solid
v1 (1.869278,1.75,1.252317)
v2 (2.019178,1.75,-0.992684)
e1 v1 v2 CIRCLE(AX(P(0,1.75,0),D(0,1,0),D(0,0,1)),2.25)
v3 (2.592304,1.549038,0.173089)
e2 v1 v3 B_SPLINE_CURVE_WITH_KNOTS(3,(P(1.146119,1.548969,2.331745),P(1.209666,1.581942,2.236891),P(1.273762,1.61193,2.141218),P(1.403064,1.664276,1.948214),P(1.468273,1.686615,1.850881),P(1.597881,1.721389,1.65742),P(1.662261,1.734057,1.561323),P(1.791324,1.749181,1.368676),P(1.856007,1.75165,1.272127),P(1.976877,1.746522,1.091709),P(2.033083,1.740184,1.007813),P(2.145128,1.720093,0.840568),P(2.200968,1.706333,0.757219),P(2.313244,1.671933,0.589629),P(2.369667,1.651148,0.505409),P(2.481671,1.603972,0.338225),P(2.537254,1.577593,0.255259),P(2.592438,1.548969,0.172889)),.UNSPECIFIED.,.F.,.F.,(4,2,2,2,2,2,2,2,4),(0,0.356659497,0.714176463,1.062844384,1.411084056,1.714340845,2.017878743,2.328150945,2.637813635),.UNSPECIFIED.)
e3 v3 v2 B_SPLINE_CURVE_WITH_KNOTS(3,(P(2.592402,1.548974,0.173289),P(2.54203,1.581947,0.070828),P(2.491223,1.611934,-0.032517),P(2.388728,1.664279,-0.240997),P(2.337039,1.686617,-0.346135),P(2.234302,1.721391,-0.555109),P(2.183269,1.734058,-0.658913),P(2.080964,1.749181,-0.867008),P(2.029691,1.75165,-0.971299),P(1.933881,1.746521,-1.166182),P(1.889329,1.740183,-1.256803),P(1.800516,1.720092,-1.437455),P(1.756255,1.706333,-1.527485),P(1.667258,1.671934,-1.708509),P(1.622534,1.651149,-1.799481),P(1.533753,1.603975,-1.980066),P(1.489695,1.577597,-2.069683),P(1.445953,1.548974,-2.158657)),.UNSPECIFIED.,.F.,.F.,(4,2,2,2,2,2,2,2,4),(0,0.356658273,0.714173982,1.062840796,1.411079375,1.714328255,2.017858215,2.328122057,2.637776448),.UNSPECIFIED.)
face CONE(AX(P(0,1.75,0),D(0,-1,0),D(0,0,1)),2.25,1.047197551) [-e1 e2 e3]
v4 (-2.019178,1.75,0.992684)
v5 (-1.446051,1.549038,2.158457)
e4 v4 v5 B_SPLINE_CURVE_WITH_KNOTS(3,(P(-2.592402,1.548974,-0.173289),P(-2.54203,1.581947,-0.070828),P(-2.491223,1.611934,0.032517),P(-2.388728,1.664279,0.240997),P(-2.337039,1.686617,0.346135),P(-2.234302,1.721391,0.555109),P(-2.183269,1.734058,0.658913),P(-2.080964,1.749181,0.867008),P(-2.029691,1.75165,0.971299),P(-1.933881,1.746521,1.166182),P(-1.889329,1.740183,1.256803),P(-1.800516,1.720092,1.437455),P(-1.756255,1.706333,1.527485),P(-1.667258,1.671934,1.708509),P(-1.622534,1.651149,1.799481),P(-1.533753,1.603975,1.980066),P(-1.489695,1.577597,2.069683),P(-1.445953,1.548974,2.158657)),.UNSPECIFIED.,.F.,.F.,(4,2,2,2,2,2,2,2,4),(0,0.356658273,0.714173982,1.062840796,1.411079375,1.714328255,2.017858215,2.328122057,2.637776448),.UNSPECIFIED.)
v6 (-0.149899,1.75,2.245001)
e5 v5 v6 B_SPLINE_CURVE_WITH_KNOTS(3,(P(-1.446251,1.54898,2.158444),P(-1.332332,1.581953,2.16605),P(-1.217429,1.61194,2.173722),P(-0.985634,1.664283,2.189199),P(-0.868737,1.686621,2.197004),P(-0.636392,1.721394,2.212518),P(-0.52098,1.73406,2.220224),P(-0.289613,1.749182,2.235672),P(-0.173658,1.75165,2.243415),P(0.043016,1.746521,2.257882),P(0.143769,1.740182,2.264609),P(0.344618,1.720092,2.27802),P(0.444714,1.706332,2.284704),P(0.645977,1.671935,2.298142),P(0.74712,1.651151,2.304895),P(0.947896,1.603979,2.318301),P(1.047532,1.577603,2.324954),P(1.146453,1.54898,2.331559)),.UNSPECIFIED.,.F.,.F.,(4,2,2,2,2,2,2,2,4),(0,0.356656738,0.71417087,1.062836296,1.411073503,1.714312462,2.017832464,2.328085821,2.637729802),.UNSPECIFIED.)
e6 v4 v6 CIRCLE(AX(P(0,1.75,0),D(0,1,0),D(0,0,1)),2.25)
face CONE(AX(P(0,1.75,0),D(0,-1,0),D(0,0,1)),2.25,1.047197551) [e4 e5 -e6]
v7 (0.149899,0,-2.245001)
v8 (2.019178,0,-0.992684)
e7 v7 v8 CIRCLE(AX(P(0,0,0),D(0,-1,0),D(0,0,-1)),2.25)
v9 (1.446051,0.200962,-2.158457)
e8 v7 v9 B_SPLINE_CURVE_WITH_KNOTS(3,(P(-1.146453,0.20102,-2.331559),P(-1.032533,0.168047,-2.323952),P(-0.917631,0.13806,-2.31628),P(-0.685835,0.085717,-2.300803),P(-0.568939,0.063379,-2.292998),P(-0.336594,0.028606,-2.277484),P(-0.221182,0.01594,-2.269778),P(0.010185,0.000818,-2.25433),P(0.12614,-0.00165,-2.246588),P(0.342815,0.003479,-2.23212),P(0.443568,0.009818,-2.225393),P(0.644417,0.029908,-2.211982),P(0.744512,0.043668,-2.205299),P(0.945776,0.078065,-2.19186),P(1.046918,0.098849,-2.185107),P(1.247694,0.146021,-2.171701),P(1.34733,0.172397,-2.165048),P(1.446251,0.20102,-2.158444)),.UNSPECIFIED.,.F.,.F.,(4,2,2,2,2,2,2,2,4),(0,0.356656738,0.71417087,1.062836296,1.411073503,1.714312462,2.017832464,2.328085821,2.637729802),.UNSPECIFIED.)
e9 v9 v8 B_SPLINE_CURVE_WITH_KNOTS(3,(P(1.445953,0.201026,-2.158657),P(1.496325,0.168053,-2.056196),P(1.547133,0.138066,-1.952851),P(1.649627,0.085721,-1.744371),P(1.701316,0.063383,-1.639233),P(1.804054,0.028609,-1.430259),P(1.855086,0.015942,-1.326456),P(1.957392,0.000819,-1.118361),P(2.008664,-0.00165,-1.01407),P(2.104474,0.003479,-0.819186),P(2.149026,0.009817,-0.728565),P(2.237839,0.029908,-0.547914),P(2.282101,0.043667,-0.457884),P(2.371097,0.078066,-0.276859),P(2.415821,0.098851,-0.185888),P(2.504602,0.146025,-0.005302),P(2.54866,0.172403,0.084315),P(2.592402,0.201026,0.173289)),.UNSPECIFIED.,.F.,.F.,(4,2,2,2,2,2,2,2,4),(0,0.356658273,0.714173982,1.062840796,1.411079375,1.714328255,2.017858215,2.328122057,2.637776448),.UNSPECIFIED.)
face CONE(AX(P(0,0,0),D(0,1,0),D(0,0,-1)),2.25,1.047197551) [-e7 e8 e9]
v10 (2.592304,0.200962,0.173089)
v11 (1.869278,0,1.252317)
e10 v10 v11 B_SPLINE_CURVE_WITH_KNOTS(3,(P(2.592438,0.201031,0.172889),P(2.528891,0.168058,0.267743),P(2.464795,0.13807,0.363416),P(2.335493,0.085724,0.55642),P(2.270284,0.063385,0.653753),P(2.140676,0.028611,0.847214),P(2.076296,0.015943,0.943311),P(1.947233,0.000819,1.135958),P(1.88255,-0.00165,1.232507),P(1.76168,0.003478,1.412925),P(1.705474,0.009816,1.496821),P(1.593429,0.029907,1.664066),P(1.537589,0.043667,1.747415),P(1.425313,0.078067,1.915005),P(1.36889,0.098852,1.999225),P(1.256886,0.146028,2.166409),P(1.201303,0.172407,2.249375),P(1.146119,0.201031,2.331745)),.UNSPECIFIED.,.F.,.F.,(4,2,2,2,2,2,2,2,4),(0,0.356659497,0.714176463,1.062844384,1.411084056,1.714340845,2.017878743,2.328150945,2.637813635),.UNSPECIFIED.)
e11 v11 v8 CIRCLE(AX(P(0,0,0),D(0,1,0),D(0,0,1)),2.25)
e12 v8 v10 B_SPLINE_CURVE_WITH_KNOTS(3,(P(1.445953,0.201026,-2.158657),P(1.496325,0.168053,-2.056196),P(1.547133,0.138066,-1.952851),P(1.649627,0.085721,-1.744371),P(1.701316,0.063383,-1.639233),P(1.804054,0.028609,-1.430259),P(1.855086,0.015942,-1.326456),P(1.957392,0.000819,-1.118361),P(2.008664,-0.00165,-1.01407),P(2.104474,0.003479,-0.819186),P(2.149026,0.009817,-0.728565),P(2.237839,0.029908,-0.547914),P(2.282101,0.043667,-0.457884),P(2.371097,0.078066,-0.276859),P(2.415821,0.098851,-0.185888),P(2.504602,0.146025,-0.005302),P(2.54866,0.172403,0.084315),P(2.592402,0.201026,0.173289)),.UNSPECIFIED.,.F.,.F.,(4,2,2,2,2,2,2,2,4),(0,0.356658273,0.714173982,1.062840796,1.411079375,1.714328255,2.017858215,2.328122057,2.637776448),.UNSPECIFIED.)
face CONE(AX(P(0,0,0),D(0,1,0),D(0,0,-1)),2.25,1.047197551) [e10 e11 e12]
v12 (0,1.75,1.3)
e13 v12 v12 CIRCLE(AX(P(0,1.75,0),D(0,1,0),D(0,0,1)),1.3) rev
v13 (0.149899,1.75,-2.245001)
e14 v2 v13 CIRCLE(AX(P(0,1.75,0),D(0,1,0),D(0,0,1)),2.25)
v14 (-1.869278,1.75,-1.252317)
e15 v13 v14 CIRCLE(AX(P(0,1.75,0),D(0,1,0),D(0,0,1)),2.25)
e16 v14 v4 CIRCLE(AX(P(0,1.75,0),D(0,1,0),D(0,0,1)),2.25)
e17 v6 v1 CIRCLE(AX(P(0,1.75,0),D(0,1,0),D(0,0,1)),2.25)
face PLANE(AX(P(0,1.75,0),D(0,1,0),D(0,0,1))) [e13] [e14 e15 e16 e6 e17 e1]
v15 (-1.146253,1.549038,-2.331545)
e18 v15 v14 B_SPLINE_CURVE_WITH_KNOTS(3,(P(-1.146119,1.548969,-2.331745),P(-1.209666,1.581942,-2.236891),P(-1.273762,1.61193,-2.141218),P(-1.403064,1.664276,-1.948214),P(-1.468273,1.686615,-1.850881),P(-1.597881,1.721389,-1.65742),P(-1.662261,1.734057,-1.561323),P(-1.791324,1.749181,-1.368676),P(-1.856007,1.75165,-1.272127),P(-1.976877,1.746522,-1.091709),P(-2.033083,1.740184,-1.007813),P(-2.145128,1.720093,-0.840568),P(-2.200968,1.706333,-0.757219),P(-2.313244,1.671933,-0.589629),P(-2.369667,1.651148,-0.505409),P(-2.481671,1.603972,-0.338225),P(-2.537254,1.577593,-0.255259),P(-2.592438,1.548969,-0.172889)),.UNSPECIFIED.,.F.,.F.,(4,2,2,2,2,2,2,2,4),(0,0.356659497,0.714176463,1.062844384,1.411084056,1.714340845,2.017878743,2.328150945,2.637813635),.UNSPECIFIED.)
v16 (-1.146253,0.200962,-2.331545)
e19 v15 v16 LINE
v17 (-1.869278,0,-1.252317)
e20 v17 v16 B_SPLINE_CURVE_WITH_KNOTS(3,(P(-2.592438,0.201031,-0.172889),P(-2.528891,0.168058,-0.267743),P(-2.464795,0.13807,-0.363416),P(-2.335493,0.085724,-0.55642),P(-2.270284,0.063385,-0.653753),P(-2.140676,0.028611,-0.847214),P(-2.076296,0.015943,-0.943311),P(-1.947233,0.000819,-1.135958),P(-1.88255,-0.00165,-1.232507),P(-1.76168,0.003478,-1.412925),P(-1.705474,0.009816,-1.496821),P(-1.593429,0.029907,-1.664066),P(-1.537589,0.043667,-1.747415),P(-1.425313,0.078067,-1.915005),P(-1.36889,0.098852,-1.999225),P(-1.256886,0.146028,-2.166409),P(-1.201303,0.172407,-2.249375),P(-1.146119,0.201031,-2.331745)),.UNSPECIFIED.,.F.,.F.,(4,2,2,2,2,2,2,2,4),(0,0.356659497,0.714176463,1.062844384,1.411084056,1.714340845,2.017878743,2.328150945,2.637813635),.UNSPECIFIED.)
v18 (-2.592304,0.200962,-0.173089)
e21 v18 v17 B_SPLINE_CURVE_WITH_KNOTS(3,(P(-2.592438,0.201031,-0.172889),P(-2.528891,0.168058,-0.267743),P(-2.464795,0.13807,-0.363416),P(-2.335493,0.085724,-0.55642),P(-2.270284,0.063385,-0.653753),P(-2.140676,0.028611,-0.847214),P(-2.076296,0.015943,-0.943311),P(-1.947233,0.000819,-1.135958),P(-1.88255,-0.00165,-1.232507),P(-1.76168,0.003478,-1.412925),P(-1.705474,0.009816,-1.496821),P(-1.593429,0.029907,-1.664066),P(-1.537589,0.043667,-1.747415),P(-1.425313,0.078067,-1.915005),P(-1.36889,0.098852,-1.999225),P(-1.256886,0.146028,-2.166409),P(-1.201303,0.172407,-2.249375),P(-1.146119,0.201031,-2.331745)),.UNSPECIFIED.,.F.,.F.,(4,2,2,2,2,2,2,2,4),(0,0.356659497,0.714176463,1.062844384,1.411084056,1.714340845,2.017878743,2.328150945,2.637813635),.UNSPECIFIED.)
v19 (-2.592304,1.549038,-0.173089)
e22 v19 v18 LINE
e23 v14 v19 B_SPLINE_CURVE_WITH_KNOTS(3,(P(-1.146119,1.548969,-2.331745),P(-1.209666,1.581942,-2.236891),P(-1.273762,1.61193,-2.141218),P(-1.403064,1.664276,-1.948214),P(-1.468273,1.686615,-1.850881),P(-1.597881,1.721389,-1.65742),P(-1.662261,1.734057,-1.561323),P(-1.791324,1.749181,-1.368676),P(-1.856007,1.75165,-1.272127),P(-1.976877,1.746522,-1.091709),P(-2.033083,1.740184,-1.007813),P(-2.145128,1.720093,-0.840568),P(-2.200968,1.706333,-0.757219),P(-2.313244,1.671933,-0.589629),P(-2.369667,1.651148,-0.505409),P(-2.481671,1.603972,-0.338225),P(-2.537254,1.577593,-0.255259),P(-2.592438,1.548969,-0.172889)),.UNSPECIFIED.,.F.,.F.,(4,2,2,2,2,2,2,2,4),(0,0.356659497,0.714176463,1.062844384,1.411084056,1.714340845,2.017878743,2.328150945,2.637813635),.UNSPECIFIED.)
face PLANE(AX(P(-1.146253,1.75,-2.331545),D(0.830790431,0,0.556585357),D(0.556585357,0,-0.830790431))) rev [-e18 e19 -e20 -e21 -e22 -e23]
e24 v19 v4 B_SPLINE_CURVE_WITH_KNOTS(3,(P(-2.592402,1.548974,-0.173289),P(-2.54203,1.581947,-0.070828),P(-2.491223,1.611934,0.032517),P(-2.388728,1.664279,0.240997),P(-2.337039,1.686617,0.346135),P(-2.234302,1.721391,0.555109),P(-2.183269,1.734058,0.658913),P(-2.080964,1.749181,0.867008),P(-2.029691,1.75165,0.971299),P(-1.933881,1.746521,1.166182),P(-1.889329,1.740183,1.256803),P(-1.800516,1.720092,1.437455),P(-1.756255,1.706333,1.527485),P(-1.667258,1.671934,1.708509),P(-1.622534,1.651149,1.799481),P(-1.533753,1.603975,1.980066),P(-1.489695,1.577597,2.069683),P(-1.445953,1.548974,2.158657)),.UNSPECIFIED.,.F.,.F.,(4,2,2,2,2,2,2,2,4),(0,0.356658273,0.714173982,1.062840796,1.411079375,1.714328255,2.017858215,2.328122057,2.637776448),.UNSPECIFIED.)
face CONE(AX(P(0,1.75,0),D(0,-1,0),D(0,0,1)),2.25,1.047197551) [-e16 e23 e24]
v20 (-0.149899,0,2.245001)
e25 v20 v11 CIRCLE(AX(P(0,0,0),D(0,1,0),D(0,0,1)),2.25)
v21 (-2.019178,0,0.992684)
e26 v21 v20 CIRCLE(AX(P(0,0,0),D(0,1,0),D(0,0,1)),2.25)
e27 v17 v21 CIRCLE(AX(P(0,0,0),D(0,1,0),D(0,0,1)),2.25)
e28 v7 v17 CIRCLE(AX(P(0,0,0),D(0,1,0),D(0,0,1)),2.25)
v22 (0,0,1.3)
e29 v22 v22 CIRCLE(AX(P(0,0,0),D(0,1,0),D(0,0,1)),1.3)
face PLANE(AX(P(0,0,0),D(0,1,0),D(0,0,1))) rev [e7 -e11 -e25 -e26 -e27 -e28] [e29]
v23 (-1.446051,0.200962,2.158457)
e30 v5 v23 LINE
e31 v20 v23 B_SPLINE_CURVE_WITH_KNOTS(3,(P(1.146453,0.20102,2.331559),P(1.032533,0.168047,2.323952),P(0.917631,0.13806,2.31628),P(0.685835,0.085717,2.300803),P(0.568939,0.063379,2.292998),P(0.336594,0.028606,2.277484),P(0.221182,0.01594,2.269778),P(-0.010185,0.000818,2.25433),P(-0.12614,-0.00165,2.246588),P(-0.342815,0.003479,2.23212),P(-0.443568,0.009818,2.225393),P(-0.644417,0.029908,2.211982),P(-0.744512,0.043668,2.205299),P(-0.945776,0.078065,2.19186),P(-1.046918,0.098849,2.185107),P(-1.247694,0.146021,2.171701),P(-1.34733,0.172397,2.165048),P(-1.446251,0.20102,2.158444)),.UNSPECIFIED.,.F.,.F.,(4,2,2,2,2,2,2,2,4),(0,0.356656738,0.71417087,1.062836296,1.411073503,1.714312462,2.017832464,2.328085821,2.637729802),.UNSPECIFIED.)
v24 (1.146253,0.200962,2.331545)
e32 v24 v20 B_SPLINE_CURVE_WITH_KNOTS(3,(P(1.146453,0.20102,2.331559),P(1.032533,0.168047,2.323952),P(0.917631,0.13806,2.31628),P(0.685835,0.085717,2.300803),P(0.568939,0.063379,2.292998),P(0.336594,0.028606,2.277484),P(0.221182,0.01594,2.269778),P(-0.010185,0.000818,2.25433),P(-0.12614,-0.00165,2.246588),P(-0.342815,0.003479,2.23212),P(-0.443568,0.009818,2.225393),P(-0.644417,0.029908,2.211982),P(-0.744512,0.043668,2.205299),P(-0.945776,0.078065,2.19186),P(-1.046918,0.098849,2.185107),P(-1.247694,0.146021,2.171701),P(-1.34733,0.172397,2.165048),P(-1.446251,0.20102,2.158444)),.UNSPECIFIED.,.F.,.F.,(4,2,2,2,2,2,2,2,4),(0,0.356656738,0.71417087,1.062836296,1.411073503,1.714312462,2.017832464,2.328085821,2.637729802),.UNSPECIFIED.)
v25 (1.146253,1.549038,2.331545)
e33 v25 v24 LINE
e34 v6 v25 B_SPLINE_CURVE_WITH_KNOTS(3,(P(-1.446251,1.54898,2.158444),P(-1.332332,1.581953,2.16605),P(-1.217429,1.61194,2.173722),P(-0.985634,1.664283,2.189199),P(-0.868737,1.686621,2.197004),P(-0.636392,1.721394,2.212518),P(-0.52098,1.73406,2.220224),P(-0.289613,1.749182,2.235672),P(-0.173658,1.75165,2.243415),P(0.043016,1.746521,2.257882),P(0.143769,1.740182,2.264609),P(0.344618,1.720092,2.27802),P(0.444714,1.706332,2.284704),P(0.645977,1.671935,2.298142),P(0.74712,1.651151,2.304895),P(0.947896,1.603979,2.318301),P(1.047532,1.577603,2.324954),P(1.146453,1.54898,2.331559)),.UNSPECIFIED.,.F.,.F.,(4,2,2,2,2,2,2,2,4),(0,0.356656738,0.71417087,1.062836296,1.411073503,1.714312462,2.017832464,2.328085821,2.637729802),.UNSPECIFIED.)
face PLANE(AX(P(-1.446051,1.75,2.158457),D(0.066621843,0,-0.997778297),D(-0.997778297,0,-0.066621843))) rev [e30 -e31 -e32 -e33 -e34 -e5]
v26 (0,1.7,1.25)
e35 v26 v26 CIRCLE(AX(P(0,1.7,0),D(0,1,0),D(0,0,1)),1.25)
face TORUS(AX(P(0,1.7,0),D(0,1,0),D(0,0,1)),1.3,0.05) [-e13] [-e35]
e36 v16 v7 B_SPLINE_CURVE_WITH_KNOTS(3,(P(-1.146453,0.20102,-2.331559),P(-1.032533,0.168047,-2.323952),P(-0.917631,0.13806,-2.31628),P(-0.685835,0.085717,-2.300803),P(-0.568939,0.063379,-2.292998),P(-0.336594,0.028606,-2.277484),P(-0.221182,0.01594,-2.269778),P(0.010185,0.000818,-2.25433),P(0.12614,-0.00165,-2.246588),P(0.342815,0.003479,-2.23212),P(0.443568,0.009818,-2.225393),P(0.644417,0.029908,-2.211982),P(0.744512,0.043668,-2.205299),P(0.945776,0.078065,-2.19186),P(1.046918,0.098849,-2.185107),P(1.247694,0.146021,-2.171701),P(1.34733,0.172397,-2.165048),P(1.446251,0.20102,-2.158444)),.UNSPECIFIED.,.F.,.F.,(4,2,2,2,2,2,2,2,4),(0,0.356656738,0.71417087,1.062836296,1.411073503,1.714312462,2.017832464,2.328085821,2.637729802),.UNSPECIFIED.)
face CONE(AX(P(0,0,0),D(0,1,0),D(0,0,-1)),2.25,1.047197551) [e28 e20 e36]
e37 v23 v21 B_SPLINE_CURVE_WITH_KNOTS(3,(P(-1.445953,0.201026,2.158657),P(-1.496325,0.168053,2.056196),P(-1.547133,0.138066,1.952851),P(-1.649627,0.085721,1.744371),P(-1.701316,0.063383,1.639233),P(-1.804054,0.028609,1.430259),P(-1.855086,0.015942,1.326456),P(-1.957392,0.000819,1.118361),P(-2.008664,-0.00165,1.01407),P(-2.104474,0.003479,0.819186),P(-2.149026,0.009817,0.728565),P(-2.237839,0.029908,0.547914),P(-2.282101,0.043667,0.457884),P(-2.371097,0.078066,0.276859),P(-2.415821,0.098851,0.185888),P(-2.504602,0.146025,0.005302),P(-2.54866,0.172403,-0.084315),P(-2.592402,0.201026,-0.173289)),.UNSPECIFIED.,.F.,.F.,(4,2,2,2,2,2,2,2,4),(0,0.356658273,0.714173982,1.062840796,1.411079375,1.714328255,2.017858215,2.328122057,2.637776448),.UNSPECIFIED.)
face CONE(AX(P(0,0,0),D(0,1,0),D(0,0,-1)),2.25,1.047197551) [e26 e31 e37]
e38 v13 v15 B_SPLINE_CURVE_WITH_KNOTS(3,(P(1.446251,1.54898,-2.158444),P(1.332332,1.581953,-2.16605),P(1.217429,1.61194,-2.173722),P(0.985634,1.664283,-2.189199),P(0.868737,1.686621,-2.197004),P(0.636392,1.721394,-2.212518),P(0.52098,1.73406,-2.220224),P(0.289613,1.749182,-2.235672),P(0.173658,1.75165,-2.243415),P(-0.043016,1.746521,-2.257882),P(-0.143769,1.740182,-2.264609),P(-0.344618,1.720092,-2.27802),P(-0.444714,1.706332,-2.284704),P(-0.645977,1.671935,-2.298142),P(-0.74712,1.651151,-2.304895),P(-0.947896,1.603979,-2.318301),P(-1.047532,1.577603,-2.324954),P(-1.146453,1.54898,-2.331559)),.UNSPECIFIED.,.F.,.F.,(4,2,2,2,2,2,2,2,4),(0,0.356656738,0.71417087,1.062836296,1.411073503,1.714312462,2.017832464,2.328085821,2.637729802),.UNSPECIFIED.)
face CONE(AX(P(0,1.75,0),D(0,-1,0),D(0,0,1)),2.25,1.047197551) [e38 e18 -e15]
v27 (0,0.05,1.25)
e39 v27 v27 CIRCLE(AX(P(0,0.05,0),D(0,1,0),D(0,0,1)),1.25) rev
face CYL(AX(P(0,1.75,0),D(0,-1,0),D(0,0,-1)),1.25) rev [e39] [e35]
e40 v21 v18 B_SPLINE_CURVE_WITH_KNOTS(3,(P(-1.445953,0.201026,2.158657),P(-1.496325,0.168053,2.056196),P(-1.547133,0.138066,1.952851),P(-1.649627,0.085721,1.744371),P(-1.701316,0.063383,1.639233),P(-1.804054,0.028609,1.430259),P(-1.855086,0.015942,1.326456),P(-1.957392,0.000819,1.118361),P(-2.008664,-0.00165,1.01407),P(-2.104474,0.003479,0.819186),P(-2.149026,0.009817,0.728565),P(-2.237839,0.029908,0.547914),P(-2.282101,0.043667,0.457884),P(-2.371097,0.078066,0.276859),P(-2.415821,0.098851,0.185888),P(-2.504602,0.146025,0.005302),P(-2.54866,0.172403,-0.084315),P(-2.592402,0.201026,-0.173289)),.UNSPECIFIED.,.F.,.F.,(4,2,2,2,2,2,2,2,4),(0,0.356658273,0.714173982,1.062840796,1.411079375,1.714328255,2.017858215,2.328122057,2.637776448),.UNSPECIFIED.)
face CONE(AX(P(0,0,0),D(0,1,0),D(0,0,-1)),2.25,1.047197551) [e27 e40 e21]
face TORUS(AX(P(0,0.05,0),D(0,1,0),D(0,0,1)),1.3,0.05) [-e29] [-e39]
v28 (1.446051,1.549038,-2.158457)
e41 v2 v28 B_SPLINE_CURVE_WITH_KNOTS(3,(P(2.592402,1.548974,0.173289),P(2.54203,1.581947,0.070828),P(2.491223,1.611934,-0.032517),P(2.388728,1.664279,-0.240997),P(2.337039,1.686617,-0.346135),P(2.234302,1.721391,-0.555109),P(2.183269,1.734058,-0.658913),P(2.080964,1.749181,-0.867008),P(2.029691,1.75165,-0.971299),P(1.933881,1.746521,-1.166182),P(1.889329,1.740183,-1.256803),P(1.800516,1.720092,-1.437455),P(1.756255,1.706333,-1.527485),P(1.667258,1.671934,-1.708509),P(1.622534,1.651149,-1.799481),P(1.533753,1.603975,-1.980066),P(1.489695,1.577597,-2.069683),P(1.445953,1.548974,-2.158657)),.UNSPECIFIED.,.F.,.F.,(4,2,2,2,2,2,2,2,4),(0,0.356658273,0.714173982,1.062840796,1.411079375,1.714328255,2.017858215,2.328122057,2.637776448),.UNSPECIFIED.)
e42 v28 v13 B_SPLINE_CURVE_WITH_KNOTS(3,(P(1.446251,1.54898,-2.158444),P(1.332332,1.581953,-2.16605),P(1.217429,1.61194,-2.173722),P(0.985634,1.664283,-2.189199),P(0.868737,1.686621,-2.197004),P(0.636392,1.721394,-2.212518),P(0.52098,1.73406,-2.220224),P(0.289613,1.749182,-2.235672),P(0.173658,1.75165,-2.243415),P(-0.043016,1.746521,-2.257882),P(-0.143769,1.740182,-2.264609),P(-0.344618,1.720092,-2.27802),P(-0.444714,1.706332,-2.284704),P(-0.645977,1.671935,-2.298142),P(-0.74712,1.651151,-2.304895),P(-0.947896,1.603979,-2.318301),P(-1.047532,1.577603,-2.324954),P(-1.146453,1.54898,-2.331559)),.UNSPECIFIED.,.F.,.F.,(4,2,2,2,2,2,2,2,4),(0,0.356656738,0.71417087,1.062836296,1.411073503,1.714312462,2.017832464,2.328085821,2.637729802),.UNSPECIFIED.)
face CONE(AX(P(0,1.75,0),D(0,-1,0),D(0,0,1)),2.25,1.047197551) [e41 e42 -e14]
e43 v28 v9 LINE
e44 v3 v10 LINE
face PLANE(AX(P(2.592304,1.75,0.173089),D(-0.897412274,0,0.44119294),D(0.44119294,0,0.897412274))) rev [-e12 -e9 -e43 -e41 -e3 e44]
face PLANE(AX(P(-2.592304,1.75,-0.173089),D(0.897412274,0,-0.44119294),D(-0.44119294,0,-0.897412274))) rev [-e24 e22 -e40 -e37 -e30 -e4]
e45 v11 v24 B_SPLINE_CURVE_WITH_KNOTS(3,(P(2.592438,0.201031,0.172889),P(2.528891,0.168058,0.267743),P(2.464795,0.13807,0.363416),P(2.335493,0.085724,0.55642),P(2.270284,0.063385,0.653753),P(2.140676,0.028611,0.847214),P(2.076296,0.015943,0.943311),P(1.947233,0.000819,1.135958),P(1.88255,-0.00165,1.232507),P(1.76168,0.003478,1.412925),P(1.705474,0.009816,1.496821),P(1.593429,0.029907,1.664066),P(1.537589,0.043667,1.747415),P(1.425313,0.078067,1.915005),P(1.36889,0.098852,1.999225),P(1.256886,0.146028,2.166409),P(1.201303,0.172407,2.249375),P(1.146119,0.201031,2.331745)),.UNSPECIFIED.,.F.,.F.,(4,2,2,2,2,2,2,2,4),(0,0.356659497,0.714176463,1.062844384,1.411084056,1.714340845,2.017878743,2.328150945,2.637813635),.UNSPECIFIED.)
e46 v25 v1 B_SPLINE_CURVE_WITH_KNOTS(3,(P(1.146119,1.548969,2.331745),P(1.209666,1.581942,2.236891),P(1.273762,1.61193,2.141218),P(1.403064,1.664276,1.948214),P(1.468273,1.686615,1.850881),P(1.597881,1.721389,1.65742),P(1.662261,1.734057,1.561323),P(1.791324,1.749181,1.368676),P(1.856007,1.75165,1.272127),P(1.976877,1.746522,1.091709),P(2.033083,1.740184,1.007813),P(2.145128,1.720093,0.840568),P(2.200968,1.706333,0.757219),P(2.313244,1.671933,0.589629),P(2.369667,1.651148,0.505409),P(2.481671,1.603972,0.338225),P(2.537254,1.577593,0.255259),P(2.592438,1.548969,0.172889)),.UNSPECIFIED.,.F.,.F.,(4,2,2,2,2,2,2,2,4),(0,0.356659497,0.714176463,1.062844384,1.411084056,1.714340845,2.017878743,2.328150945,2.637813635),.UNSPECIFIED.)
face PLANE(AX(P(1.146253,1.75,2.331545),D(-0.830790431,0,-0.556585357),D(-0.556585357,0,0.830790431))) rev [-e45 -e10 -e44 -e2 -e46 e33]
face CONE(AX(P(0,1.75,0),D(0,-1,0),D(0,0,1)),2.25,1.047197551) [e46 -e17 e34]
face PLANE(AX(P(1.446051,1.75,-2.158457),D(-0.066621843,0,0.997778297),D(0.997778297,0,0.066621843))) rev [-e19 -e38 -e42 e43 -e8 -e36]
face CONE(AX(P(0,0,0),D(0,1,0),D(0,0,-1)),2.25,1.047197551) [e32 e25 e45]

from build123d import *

# Parameters (mm, degrees)
SKETCH1_R           = 1.25
BOSS_EXTRUDE1_DEPTH = 1.75
SKETCH2_OUTSIDE_W   = 15.55
SKETCH2_OUTSIDE_H   = 15.03
SKETCH2_OUTSIDE_R   = 2.25
CUT_EXTRUDE1_DEPTH  = 2
CUT_EXTRUDE1_TAPER  = 60
SKETCH3_OUTSIDE_W   = 15.55
SKETCH3_OUTSIDE_H   = 15.03
SKETCH3_OUTSIDE_R   = 2.25
CUT_EXTRUDE2_DEPTH  = 2
CUT_EXTRUDE2_TAPER  = 60
FILLET1_R           = 0.05


with BuildPart() as part:
    # Sketch1 → Boss-Extrude1 (new body)
    with BuildSketch(Plane(origin=(0, 0, 0), x_dir=(1, 0, 0), z_dir=(0, 1, 0))):
        Polygon((-2.592304058, 0.173088625), (-1.446051175, -2.158456856), (1.146252883, -2.331545481), (2.592304058, -0.173088625), (1.446051175, 2.158456856), (-1.146252883, 2.331545481), align=None)
        Circle(SKETCH1_R, mode=Mode.SUBTRACT)
    extrude(amount=BOSS_EXTRUDE1_DEPTH)

    # Sketch2 outside → Cut-Extrude1 (cut)
    with BuildSketch(Plane(origin=(0, 1.75, 0), x_dir=(1, 0, 0), z_dir=(0, 1, 0))):
        Rectangle(SKETCH2_OUTSIDE_W, SKETCH2_OUTSIDE_H)
        Circle(SKETCH2_OUTSIDE_R, mode=Mode.SUBTRACT)
    extrude(amount=-CUT_EXTRUDE1_DEPTH, taper=CUT_EXTRUDE1_TAPER, mode=Mode.SUBTRACT)

    # Sketch3 outside → Cut-Extrude2 (cut)
    with BuildSketch(Plane.XZ):
        Rectangle(SKETCH3_OUTSIDE_W, SKETCH3_OUTSIDE_H)
        Circle(SKETCH3_OUTSIDE_R, mode=Mode.SUBTRACT)
    extrude(amount=-CUT_EXTRUDE2_DEPTH, taper=CUT_EXTRUDE2_TAPER, mode=Mode.SUBTRACT)

    # Fillet1
    fillet1_edges = [part.edges().sort_by_distance(p)[0] for p in [
        (-1.25, 0, 0),
        (-1.25, 1.75, 0),
    ]]
    fillet(fillet1_edges, radius=FILLET1_R)


solid = part.part
